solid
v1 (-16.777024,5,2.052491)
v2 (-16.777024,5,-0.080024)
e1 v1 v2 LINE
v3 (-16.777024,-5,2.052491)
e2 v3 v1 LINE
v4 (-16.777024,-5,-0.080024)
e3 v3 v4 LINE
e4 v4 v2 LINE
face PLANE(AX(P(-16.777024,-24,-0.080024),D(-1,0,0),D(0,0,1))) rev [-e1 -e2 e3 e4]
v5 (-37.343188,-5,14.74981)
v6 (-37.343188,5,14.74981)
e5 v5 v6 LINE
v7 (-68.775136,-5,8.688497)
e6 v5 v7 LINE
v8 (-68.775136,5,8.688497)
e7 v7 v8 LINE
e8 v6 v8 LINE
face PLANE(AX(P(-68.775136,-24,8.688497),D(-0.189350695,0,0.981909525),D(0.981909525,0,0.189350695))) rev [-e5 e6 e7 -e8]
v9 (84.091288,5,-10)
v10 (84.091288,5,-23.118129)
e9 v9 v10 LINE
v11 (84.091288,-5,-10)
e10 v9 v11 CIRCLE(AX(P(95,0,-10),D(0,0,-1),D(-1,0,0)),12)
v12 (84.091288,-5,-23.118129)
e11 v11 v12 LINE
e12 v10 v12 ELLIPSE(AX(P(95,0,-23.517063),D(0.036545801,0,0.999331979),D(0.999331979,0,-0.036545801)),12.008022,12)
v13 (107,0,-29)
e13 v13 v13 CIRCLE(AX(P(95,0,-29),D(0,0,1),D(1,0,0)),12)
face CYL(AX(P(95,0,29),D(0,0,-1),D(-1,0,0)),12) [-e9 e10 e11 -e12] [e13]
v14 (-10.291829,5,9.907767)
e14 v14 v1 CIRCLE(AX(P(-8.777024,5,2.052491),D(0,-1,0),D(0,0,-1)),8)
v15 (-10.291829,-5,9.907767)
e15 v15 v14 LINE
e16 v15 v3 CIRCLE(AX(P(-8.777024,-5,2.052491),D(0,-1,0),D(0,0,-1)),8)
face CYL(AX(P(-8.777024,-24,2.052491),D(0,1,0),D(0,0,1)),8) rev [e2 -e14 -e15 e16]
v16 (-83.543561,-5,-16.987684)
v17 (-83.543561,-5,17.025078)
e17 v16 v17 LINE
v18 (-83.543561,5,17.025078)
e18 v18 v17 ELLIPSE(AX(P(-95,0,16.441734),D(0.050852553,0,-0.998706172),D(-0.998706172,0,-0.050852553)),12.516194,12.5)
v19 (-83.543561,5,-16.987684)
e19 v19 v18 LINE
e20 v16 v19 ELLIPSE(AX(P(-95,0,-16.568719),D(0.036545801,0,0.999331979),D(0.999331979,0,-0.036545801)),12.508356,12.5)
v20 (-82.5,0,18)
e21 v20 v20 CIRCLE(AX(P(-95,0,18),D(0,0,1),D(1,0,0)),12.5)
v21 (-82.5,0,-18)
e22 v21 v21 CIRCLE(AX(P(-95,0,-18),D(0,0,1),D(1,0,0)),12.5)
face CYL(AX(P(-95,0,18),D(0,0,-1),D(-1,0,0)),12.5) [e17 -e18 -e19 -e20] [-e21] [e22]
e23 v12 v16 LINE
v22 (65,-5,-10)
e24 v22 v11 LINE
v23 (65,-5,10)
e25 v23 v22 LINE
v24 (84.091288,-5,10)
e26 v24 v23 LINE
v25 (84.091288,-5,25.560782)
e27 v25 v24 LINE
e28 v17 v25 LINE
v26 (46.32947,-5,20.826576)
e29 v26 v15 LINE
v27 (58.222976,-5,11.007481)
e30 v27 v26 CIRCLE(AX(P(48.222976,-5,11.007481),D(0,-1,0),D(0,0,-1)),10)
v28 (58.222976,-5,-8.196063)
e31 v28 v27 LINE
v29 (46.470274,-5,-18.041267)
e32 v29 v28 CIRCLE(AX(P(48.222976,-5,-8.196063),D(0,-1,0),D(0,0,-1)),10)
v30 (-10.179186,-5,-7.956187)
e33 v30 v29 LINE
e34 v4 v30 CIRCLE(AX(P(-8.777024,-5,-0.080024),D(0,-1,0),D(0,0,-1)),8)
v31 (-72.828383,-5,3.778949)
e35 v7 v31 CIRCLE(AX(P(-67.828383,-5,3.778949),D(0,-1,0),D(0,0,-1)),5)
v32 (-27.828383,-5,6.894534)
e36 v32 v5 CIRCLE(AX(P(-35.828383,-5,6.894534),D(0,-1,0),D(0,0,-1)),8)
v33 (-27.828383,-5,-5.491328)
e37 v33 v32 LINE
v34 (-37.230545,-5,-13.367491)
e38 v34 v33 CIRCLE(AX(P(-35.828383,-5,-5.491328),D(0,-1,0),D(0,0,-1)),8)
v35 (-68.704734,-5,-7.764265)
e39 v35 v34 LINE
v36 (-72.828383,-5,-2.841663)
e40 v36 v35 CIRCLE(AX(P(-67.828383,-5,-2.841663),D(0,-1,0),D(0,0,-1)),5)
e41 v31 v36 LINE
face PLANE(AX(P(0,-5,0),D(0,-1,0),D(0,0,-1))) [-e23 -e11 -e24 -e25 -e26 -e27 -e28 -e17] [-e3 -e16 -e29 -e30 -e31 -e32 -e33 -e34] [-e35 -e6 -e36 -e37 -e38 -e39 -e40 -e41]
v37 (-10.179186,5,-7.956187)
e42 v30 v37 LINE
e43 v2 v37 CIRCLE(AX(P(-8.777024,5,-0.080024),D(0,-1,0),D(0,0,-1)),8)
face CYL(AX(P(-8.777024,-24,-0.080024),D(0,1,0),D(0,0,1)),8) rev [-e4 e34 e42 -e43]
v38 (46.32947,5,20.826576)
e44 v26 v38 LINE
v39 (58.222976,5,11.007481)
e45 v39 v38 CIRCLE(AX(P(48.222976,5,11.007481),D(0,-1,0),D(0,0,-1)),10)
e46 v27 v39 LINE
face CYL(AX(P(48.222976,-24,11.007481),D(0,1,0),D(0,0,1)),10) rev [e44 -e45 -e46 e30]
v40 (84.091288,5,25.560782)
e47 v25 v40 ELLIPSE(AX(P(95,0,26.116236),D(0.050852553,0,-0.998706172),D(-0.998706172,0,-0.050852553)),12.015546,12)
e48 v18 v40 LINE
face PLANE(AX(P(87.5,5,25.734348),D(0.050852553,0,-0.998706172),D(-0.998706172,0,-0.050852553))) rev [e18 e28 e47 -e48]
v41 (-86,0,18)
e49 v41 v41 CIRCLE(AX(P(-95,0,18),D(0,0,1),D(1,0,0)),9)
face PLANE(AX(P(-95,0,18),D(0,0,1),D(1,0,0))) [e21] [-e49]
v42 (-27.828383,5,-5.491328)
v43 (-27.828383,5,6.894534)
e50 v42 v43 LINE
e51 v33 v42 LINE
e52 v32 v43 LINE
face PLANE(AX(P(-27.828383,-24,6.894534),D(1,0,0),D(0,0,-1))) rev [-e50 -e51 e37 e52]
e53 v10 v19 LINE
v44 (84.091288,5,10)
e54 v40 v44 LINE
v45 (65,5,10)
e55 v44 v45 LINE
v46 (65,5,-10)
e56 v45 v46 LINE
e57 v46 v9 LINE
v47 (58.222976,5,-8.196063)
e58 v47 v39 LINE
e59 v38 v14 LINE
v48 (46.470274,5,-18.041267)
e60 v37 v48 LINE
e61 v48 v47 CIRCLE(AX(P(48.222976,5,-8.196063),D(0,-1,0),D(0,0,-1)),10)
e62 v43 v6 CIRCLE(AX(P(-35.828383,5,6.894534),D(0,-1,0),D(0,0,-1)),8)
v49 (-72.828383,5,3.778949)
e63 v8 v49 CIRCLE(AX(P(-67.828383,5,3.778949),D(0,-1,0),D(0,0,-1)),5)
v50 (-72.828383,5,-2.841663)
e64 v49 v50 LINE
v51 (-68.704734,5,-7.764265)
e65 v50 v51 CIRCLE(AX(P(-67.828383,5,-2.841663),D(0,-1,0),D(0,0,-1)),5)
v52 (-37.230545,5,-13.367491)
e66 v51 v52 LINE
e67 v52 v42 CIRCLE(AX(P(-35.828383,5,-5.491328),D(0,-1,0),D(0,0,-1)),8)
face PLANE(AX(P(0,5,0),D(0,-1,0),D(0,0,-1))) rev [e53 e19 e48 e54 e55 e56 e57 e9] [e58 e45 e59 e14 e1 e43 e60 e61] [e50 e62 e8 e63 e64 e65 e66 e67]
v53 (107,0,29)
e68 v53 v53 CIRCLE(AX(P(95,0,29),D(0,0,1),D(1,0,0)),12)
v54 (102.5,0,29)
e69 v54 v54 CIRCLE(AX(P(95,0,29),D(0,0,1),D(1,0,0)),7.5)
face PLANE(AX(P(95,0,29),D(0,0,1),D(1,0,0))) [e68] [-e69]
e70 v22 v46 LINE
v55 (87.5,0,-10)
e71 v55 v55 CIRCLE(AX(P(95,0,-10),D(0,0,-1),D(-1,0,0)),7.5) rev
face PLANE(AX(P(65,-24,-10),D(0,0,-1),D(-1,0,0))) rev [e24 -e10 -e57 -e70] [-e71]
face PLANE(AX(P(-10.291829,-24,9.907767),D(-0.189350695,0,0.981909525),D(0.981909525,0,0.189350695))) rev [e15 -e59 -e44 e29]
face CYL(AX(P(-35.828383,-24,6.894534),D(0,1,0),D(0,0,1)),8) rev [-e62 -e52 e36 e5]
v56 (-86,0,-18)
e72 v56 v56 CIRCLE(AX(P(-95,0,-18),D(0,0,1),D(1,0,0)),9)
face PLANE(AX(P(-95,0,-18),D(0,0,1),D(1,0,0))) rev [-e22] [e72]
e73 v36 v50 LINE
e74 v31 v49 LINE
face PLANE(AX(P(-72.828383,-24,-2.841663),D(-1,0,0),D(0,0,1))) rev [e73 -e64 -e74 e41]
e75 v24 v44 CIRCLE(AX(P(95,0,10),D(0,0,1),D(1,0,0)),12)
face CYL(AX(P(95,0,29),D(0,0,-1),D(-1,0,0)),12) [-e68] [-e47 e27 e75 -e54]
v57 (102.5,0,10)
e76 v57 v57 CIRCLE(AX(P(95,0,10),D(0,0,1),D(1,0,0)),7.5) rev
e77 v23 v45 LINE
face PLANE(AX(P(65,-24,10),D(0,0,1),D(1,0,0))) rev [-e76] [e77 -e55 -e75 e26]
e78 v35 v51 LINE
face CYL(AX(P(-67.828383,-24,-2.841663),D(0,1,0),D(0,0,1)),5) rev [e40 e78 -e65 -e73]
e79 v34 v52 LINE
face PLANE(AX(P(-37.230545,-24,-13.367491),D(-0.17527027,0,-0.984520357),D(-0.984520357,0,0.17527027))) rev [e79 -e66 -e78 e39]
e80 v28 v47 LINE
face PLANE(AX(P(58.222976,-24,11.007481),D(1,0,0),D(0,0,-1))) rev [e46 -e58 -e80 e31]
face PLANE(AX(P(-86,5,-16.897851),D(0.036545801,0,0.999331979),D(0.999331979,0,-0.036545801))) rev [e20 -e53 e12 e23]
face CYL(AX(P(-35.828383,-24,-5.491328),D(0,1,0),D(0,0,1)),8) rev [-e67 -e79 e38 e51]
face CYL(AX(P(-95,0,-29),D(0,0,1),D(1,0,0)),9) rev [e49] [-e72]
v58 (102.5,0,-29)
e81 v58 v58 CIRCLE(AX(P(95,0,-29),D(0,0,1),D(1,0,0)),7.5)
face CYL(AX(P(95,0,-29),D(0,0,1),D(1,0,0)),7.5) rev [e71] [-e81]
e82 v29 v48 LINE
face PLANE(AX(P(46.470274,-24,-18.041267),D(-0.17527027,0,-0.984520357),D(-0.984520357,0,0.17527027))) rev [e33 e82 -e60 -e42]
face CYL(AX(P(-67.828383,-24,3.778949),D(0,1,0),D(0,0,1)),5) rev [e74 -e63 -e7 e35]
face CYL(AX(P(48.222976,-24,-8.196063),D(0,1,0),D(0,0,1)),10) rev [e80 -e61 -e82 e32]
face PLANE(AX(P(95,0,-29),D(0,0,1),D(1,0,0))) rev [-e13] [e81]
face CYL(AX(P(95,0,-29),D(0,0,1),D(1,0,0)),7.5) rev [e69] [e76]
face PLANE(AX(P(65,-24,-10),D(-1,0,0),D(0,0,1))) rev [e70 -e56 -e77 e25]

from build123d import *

# Parameters (mm, degrees)
SKETCH1_R           = 9
BOSS_EXTRUDE2_DEPTH = 18
SKETCH2_R           = 7.5
BOSS_EXTRUDE3_DEPTH = 29
BOSS_EXTRUDE5_DEPTH = 5
SKETCH7_R           = 12.5
BOSS_EXTRUDE6_DEPTH = 18
SKETCH8_R           = 12
BOSS_EXTRUDE7_DEPTH = 29
SKETCH9_R           = 9
SKETCH9_R_2         = 7.5
CUT_EXTRUDE1_DEPTH  = 29
SKETCH10_W          = 42
SKETCH10_H          = 20
CUT_EXTRUDE2_DEPTH  = 29
CUT_EXTRUDE3_DEPTH  = 29


with BuildPart() as part:
    # Sketch1 → Boss-Extrude2 (new body, symmetric)
    with BuildSketch(Plane.XY):
        with Locations((-95, 0)):
            Circle(SKETCH1_R)
    extrude(amount=BOSS_EXTRUDE2_DEPTH, both=True)



with BuildPart() as body_2:
    # Sketch2 → Boss-Extrude3 (new body, symmetric)
    with BuildSketch(Plane.XY):
        with Locations((95, 0)):
            Circle(SKETCH2_R)
    extrude(amount=BOSS_EXTRUDE3_DEPTH, both=True)


with BuildPart() as body_3:
    # Sketch5 → Boss-Extrude5 (new body, symmetric)
    with BuildSketch(Plane(origin=(0, 0, 0), x_dir=(1, 0, 0), z_dir=(0, 1, 0))):
        Polygon((-86, -16.9), (-86, 16.897851431), (87.5, 23.242786401), (87.5, -25.734348151), align=None)
    extrude(amount=BOSS_EXTRUDE5_DEPTH, both=True)


with BuildPart() as part_1:
    add(part.part)

    add(body_3.part)  # Boss-Extrude6 merges body 3
    # Sketch7 → Boss-Extrude6 (add, symmetric)
    with BuildSketch(Plane.XY):
        with Locations((-95, 0)):
            Circle(SKETCH7_R)
    extrude(amount=BOSS_EXTRUDE6_DEPTH, both=True)


    add(body_2.part)  # Boss-Extrude7 merges body 2
    # Sketch8 → Boss-Extrude7 (add, symmetric)
    with BuildSketch(Plane.XY):
        with Locations((95, 0)):
            Circle(SKETCH8_R)
    extrude(amount=BOSS_EXTRUDE7_DEPTH, both=True)

    # Sketch9 → Cut-Extrude1 (cut, symmetric)
    with BuildSketch(Plane.XY):
        with Locations((-95, 0)):
            Circle(SKETCH9_R)
        with Locations((95, 0)):
            Circle(SKETCH9_R_2)
    extrude(amount=CUT_EXTRUDE1_DEPTH, both=True, mode=Mode.SUBTRACT)

    # Sketch10 → Cut-Extrude2 (cut, symmetric)
    with BuildSketch(Plane(origin=(0, 5, 0), x_dir=(1, 0, 0), z_dir=(0, 1, 0))):
        with Locations((86, 0)):
            Rectangle(SKETCH10_W, SKETCH10_H)
    extrude(amount=CUT_EXTRUDE2_DEPTH, both=True, mode=Mode.SUBTRACT)

    # Sketch11 → Cut-Extrude3 (cut, symmetric)
    with BuildSketch(Plane(origin=(0, 5, 0), x_dir=(1, 0, 0), z_dir=(0, 1, 0))):
        with BuildLine():
            Line((-72.828382605, 2.841663292), (-72.828382605, -3.778949024))
            ThreePointArc((-72.828382605, -3.778949024), (-71.684142411, -6.96220464), (-68.775136079, -8.688496647))
            Line((-68.775136079, -8.688496647), (-37.343188163, -14.749809861))
            ThreePointArc((-37.343188163, -14.749809861), (-30.73517362, -13.063749355), (-27.828382605, -6.894533665))
            Line((-27.828382605, -6.894533665), (-27.828382605, 5.49132779))
            ThreePointArc((-27.828382605, 5.49132779), (-30.691131262, 11.623916855), (-37.230544764, 13.367490642))
            Line((-37.230544764, 13.367490642), (-68.704733954, 7.764265074))
            ThreePointArc((-68.704733954, 7.764265074), (-71.66125077, 6.052445381), (-72.828382605, 2.841663292))
        make_face()
        with BuildLine():
            Line((-16.777023504, 0.080024287), (-16.777023504, -2.052490903))
            ThreePointArc((-16.777023504, -2.052490903), (-14.946239194, -7.145699888), (-10.291829062, -9.907767099))
            Line((-10.291829062, -9.907767099), (46.329469548, -20.826575771))
            ThreePointArc((46.329469548, -20.826575771), (54.589487728, -18.719000138), (58.222976496, -11.007480526))
            Line((58.222976496, -11.007480526), (58.222976496, 8.196063057))
            ThreePointArc((58.222976496, 8.196063057), (54.644540675, 15.861799388), (46.470273797, 18.041266623))
            Line((46.470273797, 18.041266623), (-10.179185663, 7.956187139))
            ThreePointArc((-10.179185663, 7.956187139), (-14.909612569, 5.21727563), (-16.777023504, 0.080024287))
        make_face()
    extrude(amount=CUT_EXTRUDE3_DEPTH, both=True, mode=Mode.SUBTRACT)


solid = part_1.part
